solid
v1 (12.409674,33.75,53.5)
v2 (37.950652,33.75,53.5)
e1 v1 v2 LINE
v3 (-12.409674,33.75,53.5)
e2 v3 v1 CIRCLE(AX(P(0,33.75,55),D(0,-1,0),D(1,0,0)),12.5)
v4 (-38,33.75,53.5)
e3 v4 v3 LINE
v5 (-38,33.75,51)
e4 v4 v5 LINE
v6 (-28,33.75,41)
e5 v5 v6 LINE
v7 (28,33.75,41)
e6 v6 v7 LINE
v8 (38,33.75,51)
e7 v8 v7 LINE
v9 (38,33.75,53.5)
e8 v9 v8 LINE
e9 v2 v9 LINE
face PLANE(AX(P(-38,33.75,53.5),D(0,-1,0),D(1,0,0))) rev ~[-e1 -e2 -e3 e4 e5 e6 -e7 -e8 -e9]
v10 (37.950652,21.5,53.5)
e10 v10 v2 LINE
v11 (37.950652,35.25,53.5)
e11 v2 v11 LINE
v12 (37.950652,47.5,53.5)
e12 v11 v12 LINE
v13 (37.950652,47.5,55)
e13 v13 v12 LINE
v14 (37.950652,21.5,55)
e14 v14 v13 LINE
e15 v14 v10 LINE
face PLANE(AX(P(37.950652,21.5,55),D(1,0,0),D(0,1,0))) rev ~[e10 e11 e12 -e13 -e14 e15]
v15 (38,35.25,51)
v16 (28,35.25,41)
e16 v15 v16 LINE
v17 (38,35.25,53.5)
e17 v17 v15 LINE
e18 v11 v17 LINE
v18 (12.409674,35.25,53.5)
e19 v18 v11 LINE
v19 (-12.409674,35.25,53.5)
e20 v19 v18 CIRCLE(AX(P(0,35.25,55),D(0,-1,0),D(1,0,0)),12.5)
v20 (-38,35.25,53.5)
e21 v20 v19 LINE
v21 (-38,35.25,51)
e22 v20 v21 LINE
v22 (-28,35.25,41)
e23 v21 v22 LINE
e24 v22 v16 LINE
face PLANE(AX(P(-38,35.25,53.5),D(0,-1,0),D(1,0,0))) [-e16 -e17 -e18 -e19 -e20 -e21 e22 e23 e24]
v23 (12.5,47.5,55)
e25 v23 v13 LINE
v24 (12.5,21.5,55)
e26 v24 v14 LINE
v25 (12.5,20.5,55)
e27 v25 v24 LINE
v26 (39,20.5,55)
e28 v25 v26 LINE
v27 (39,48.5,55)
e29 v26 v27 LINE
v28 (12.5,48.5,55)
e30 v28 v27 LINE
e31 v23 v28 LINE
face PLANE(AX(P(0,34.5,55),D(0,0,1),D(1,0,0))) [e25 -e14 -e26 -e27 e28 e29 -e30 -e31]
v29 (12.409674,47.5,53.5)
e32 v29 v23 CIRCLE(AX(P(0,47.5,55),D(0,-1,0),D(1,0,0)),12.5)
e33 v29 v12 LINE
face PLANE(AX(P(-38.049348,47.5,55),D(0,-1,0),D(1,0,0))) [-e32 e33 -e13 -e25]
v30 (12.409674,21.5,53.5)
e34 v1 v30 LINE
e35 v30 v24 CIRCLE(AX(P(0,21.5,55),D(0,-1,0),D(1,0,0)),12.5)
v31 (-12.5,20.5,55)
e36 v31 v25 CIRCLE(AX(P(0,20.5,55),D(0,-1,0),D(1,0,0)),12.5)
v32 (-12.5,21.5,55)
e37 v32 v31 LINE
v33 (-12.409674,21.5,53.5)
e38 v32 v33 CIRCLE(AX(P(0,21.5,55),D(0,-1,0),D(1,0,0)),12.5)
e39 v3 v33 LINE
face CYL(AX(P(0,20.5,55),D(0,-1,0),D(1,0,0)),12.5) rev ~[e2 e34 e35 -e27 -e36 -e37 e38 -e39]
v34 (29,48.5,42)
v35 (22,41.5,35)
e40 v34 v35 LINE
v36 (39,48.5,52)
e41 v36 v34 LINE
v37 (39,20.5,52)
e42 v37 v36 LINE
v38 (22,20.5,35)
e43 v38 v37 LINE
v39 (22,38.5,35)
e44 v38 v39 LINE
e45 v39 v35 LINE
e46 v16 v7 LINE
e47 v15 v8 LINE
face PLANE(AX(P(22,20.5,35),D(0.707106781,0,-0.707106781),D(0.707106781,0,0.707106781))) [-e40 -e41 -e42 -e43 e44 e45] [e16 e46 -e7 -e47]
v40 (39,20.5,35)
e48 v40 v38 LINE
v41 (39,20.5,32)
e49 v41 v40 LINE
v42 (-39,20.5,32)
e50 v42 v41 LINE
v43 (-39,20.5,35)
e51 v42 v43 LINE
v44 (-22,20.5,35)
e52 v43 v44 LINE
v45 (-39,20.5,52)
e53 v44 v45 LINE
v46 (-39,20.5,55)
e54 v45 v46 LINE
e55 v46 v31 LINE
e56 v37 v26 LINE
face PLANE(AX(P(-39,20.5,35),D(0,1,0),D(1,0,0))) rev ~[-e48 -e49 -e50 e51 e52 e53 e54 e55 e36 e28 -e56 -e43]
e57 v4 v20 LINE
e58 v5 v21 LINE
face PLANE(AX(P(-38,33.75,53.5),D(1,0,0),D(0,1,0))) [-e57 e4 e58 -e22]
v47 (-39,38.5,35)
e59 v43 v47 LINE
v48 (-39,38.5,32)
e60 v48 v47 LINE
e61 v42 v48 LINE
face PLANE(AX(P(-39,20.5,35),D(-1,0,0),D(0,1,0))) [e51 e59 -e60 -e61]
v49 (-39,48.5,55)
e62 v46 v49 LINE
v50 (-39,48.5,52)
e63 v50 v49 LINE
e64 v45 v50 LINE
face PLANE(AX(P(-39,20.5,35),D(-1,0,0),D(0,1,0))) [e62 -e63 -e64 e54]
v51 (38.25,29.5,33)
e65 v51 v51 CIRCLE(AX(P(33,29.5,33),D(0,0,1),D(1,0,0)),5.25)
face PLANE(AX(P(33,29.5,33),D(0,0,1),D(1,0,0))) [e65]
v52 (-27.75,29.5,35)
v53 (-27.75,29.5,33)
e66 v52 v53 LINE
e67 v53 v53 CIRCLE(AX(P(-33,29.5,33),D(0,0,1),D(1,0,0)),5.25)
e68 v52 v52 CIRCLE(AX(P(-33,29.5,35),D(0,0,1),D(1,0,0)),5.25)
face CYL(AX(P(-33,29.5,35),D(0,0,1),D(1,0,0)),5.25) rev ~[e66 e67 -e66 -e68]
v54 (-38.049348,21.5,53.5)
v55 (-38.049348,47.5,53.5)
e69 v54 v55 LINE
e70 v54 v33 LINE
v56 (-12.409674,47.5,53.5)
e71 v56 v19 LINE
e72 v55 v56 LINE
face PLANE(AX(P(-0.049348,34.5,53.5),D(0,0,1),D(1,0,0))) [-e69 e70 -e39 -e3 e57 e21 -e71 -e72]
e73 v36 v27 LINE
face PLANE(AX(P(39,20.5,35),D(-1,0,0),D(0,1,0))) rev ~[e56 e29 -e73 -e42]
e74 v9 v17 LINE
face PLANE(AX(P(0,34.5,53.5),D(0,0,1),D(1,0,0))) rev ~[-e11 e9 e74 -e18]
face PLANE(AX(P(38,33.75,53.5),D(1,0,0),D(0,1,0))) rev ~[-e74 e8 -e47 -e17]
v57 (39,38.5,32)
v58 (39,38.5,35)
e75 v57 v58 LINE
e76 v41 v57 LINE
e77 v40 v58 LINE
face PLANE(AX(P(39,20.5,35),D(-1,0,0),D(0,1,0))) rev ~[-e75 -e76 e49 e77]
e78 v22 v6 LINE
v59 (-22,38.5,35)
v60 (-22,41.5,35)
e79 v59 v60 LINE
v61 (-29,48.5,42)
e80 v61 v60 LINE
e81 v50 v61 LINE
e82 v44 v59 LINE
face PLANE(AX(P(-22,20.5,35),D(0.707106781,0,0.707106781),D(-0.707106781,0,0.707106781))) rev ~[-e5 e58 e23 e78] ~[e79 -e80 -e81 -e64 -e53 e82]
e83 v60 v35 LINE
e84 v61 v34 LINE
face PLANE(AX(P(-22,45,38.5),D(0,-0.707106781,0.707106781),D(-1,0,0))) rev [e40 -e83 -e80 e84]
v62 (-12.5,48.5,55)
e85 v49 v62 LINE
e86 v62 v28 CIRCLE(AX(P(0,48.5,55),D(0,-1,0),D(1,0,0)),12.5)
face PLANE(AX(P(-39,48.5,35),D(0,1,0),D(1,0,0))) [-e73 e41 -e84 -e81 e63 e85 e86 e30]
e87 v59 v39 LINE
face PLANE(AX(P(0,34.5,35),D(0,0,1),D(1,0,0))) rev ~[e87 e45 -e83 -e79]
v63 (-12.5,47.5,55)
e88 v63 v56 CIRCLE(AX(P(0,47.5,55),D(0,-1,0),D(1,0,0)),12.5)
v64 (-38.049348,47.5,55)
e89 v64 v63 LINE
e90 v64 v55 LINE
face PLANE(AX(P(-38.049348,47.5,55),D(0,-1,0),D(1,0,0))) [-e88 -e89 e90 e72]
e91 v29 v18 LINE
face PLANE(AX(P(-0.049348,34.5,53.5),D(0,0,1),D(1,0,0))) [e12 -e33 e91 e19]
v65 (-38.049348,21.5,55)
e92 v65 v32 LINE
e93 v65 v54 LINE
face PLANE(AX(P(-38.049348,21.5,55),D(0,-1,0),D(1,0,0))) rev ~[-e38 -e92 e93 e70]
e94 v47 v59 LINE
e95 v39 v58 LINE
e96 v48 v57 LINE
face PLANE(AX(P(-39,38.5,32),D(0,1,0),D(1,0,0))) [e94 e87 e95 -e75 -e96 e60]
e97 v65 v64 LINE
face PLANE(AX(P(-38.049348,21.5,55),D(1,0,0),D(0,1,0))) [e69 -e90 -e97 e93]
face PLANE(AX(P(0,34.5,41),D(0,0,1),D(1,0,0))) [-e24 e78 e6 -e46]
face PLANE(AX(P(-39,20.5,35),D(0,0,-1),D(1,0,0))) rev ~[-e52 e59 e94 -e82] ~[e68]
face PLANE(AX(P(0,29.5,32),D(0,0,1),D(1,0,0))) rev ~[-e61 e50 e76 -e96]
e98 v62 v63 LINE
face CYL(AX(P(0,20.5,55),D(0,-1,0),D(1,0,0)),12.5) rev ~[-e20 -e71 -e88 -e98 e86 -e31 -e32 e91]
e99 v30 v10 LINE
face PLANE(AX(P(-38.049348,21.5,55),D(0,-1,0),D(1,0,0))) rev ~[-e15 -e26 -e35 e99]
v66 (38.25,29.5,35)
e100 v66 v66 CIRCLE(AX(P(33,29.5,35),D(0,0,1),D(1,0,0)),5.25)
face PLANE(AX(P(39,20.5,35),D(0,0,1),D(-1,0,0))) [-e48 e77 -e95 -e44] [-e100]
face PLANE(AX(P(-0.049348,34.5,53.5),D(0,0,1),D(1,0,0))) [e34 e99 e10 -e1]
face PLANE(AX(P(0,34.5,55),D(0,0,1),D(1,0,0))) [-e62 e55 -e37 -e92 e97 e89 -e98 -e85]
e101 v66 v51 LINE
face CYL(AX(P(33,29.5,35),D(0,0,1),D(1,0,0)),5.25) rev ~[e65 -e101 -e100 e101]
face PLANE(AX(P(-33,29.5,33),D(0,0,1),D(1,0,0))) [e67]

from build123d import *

# Parameters (mm, degrees)
SKETCH071_W            = 78
SKETCH071_H            = 18
PAD022_DEPTH           = 3
SKETCH072_R            = 5.25
POCKET046_DEPTH        = 2
LINEARPATTERN002_COUNT = 2
LINEARPATTERN002_PITCH = 66
SKETCH073_W            = 78
SKETCH073_H            = 28
PAD023_DEPTH           = 20
POCKET050_DEPTH        = 28.001
SKETCH075_W            = 76
SKETCH075_H            = 26
POCKET047_DEPTH        = 1.5
SKETCH076_R            = 12.5
POCKET048_DEPTH        = 28.001
SKETCH077_W            = 76
SKETCH077_H            = 1.5
POCKET049_DEPTH        = 12.5
CHAMFER002_SIZE        = 7


with BuildPart() as part:
    # Sketch071 → Pad022 (new body)
    with BuildSketch(Plane.XY):
        with Locations((0, 29.5)):
            Rectangle(SKETCH071_W, SKETCH071_H)
    extrude(amount=PAD022_DEPTH)

    # Sketch072 (on Face6 of Pad022) → Pocket046 (cut)
    with BuildSketch(Plane.XY.offset(3)):
        with Locations((-33, 29.5)):
            Circle(SKETCH072_R)
    pocket046 = extrude(amount=-POCKET046_DEPTH, mode=Mode.SUBTRACT)

    # LinearPattern002: Pocket046 ×2
    with Locations(*[(i * LINEARPATTERN002_PITCH, 0, 0) for i in range(1, LINEARPATTERN002_COUNT)]):
        add(pocket046, mode=Mode.SUBTRACT)

    # Sketch073 (on Face5 of LinearPattern002) → Pad023 (join)
    with BuildSketch(Plane.XY.offset(3)):
        with Locations((0, 34.5)):
            Rectangle(SKETCH073_W, SKETCH073_H)
    extrude(amount=PAD023_DEPTH)

    # Sketch078 (on Face10 of Pad023) → Pocket050 (cut, through all)
    with BuildSketch(Plane.XZ.offset(-20.5)):
        Polygon((-39, 3), (-22, 3), (-39, 20), align=None)
        Polygon((39, 20), (39, 3), (22, 3), align=None)
    extrude(amount=-POCKET050_DEPTH, mode=Mode.SUBTRACT)

    # Sketch075 (on Face18 of Pocket050) → Pocket047 (cut)
    with BuildSketch(Plane.XY.offset(23)):
        with Locations((-0.049348, 34.5)):
            Rectangle(SKETCH075_W, SKETCH075_H)
    extrude(amount=-POCKET047_DEPTH, mode=Mode.SUBTRACT)

    # Sketch076 (on Face14 of Pocket047) → Pocket048 (cut, through all)
    with BuildSketch(Plane.XZ.offset(-20.5)):
        with Locations((0, 23)):
            Circle(SKETCH076_R)
    extrude(amount=-POCKET048_DEPTH, mode=Mode.SUBTRACT)

    # Sketch077 (on Face27 of Pocket048) → Pocket049 (cut)
    with BuildSketch(Plane.XY.offset(21.5)):
        with Locations((0, 34.5)):
            Rectangle(SKETCH077_W, SKETCH077_H)
    extrude(amount=-POCKET049_DEPTH, mode=Mode.SUBTRACT)

    # Chamfer002
    chamfer002_edges = [part.edges().sort_by_distance(p)[0] for p in [
        (0, 48.5, 3),
    ]]
    chamfer(chamfer002_edges, length=CHAMFER002_SIZE)


with BuildPart() as part_1:
    # Body006 placement: moved
    add(part.part.moved(Location((0, 0, 32))))


solid = part_1.part
